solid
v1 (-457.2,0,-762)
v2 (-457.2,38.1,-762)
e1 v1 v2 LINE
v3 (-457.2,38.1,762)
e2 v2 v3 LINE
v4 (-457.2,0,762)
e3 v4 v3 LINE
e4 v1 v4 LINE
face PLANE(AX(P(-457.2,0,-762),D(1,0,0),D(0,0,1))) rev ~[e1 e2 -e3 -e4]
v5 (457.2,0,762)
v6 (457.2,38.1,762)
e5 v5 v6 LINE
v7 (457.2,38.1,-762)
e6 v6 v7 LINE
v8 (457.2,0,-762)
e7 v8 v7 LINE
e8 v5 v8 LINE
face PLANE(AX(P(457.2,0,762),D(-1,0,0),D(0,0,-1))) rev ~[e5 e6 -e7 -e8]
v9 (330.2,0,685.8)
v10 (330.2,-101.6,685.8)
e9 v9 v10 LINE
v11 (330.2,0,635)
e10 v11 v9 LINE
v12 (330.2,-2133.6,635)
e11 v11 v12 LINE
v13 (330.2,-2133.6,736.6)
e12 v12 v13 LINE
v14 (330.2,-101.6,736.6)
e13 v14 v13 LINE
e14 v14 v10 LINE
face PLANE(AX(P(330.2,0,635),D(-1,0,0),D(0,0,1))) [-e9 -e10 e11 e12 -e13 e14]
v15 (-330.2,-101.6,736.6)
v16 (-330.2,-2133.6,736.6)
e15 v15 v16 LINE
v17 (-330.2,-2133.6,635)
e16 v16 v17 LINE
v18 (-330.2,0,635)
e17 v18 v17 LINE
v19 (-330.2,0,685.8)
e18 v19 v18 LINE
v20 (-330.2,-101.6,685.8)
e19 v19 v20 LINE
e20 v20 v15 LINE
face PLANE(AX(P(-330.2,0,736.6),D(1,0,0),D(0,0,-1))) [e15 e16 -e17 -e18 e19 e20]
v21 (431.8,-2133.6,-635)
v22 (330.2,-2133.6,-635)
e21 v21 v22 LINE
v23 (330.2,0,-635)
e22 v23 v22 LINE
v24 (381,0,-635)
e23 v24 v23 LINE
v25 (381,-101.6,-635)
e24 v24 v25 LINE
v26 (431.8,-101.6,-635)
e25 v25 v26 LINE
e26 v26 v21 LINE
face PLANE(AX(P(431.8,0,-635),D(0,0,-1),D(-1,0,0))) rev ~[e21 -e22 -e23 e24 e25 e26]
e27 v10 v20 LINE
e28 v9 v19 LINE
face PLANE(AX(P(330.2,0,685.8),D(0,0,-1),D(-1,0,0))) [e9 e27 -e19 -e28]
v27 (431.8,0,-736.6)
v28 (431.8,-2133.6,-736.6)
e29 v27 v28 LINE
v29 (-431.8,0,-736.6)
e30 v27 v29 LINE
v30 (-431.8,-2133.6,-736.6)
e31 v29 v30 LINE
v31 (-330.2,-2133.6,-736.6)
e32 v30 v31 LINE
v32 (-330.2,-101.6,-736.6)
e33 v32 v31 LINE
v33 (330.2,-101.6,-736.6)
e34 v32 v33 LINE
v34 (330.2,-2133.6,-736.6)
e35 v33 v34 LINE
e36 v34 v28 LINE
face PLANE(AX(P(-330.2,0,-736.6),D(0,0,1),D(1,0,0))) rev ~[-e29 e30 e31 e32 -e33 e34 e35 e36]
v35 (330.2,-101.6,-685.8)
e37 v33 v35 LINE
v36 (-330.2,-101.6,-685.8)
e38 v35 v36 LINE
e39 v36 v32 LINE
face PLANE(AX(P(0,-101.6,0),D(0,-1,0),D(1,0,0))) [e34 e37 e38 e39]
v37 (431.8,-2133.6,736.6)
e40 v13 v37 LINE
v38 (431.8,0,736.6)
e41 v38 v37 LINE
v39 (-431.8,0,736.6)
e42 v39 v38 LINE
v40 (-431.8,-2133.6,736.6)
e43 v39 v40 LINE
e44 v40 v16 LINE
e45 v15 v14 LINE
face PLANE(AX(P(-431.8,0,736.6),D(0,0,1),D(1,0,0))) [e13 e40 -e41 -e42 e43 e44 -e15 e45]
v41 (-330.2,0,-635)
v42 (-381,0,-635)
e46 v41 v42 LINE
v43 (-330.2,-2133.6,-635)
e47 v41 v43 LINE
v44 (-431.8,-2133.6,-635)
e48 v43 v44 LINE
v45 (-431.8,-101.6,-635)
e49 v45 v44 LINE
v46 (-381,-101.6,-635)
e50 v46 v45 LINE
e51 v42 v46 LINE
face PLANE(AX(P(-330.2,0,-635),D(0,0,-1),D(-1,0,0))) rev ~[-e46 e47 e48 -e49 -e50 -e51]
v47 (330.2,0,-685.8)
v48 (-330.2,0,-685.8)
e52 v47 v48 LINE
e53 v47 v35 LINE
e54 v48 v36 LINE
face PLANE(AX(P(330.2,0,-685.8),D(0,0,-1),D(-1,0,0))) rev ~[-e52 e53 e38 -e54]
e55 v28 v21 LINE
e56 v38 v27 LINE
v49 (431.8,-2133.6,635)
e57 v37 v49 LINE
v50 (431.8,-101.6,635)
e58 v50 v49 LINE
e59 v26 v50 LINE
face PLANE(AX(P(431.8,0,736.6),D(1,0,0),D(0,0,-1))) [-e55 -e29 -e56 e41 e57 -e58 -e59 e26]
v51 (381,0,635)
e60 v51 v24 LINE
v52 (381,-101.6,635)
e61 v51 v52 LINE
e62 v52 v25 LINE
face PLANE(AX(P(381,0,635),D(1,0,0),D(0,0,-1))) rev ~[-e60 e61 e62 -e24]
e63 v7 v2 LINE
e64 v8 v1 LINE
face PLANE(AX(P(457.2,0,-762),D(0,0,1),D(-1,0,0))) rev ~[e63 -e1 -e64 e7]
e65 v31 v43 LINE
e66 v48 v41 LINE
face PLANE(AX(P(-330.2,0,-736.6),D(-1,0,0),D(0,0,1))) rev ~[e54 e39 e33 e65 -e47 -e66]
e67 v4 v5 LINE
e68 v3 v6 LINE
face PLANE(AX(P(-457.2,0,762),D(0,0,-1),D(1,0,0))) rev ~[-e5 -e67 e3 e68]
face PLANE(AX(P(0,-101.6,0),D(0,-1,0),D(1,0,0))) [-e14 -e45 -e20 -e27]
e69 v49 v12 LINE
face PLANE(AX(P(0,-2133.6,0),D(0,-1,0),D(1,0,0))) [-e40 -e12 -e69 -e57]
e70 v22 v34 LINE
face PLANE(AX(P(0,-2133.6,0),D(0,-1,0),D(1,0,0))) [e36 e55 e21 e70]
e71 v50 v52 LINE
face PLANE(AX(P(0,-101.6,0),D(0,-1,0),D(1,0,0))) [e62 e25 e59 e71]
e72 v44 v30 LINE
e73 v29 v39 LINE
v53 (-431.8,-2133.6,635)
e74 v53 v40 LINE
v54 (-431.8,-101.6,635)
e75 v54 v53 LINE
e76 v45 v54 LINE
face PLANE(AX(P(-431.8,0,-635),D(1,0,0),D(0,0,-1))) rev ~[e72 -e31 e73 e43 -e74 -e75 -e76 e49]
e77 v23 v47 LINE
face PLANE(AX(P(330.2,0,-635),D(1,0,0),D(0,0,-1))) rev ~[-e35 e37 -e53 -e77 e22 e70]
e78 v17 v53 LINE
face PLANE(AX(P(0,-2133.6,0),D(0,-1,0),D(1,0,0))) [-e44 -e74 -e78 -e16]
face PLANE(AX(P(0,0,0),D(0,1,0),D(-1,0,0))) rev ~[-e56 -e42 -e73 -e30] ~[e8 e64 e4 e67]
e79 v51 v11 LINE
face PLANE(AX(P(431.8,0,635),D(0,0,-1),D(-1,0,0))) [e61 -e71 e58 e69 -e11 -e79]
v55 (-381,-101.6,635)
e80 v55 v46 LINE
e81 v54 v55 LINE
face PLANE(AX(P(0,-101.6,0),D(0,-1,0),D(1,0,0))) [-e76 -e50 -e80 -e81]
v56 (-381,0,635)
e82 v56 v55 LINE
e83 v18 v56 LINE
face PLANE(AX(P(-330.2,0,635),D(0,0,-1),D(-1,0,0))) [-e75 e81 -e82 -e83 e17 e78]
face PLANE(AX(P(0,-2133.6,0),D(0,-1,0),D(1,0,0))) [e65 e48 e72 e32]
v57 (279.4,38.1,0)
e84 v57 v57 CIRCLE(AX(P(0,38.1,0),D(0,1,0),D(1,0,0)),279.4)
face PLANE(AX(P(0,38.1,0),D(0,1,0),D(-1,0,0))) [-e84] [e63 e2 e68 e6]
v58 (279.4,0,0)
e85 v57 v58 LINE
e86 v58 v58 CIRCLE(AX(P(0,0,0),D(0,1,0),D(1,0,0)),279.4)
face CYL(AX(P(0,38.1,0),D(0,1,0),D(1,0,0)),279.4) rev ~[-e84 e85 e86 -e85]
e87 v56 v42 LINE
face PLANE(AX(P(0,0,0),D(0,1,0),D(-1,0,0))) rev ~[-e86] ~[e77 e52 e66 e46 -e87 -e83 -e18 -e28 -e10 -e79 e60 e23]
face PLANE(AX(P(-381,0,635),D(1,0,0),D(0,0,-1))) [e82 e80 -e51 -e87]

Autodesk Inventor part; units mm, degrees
ref_plane "YZ Plane" through (0, 0, 0) normal (1, 0, 0) x (0, 1, 0)
ref_plane "XZ Plane" through (0, 0, 0) normal (0, 1, 0) x (-1, 0, 0)
ref_plane "XY Plane" through (0, 0, 0) normal (0, 0, 1) x (1, 0, 0)
sketch "Sketch1" plane through (0, 0, 0) normal (0, 1, 0) x (-1, 0, 0)
  line L0 (457.2, 762) -> (-457.2, 762)
  line L1 (-457.2, 762) -> (-457.2, -762)
  line L2 (-457.2, -762) -> (457.2, -762)
  line L3 (457.2, -762) -> (457.2, 762)
  line L4 (457.2, 762) -> (-457.2, -762) construction
  line L5 (-457.2, 762) -> (457.2, -762) construction
  point P0 (0, 0)
  dimension "d0" = 914.4
  dimension "d1" = 1524
extrude "Extrusion1" add sketch "Sketch1" along normal blind 38.1
sketch "Sketch2" plane through (0, 0, 0) normal (0, -1, 0) x (1, 0, 0)
  line L0 (-381, 685.8) -> (381, 685.8) construction
  line L1 (381, 685.8) -> (381, -685.8) construction
  line L2 (381, -685.8) -> (-381, -685.8) construction
  line L3 (-381, -685.8) -> (-381, 685.8) construction
  line L4 (-381, 685.8) -> (381, -685.8) construction
  line L5 (381, 685.8) -> (-381, -685.8) construction
  line L6 (330.2, 736.6) -> (431.8, 736.6)
  line L7 (431.8, 736.6) -> (431.8, 635)
  line L8 (431.8, 635) -> (330.2, 635)
  line L9 (330.2, 635) -> (330.2, 736.6)
  line L10 (330.2, 736.6) -> (431.8, 635) construction
  line L11 (431.8, 736.6) -> (330.2, 635) construction
  line L12 (431.8, -635) -> (330.2, -635)
  line L13 (330.2, -635) -> (330.2, -736.6)
  line L14 (330.2, -736.6) -> (431.8, -736.6)
  line L15 (431.8, -736.6) -> (431.8, -635)
  line L16 (431.8, -635) -> (330.2, -736.6) construction
  line L17 (330.2, -635) -> (431.8, -736.6) construction
  line L18 (-431.8, -736.6) -> (-330.2, -736.6)
  line L19 (-330.2, -736.6) -> (-330.2, -635)
  line L20 (-330.2, -635) -> (-431.8, -635)
  line L21 (-431.8, -635) -> (-431.8, -736.6)
  line L22 (-431.8, -736.6) -> (-330.2, -635) construction
  line L23 (-330.2, -736.6) -> (-431.8, -635) construction
  line L24 (-431.8, 736.6) -> (-330.2, 736.6)
  line L25 (-330.2, 736.6) -> (-330.2, 635)
  line L26 (-330.2, 635) -> (-431.8, 635)
  line L27 (-431.8, 635) -> (-431.8, 736.6)
  line L28 (-431.8, 736.6) -> (-330.2, 635) construction
  line L29 (-330.2, 736.6) -> (-431.8, 635) construction
  point P0 (0, 0)
  dimension "d6" = 762
  dimension "d7" = 1371.6
  dimension "d8" = 101.6
  dimension "d9" = 101.6
  dimension "d10" = 101.6
  dimension "d11" = 101.6
  dimension "d12" = 101.6
  dimension "d13" = 101.6
  dimension "d14" = 101.6
  dimension "d15" = 101.6
extrude "Extrusion2" add sketch "Sketch2" along normal blind 2133.6
sketch "Sketch3" plane through (0, 0, 0) normal (0, -1, 0) x (1, 0, 0)
  line L0 (431.8, 635) -> (330.2, 635) projected
  line L1 (431.8, 635) -> (381, 635)
  line L2 (381, 635) -> (381, -635)
  line L3 (381, -635) -> (431.8, -635)
  line L4 (431.8, -635) -> (431.8, 635)
  line L5 (0, 0) -> (0, -69.3079) construction
  line L6 (-431.8, 635) -> (-330.2, 635)
  line L7 (-431.8, 635) -> (-381, 635)
  line L8 (-381, 635) -> (-381, -635)
  line L9 (-381, -635) -> (-431.8, -635)
  line L10 (-431.8, -635) -> (-431.8, 635)
  line L11 (330.2, -736.6) -> (330.2, -635) projected
  line L12 (-330.2, -736.6) -> (330.2, -736.6)
  line L13 (330.2, -736.6) -> (330.2, -685.8)
  line L14 (330.2, -685.8) -> (-330.2, -685.8)
  line L15 (-330.2, -685.8) -> (-330.2, -736.6)
  line L16 (0, 0) -> (54.1332, 0) construction
  line L17 (330.2, 736.6) -> (330.2, 635)
  line L18 (-330.2, 736.6) -> (330.2, 736.6)
  line L19 (330.2, 736.6) -> (330.2, 685.8)
  line L20 (330.2, 685.8) -> (-330.2, 685.8)
  line L21 (-330.2, 685.8) -> (-330.2, 736.6)
  dimension "d18" = 50.8
  dimension "d19" = 1270
  dimension "d20" = 50.8
extrude "Extrusion3" add sketch "Sketch3" along normal blind 101.6
sketch "Sketch4" plane through (0, 38.1, 0) normal (0, 1, 0) x (1, 0, 0)
  circle A0 centre (0, 0) radius 279.4
  dimension "d23" = 558.8
extrude "Extrusion4" cut sketch "Sketch4" against normal blind 101.6
properties part number "table" material "Laminated Veneer Lumber"
